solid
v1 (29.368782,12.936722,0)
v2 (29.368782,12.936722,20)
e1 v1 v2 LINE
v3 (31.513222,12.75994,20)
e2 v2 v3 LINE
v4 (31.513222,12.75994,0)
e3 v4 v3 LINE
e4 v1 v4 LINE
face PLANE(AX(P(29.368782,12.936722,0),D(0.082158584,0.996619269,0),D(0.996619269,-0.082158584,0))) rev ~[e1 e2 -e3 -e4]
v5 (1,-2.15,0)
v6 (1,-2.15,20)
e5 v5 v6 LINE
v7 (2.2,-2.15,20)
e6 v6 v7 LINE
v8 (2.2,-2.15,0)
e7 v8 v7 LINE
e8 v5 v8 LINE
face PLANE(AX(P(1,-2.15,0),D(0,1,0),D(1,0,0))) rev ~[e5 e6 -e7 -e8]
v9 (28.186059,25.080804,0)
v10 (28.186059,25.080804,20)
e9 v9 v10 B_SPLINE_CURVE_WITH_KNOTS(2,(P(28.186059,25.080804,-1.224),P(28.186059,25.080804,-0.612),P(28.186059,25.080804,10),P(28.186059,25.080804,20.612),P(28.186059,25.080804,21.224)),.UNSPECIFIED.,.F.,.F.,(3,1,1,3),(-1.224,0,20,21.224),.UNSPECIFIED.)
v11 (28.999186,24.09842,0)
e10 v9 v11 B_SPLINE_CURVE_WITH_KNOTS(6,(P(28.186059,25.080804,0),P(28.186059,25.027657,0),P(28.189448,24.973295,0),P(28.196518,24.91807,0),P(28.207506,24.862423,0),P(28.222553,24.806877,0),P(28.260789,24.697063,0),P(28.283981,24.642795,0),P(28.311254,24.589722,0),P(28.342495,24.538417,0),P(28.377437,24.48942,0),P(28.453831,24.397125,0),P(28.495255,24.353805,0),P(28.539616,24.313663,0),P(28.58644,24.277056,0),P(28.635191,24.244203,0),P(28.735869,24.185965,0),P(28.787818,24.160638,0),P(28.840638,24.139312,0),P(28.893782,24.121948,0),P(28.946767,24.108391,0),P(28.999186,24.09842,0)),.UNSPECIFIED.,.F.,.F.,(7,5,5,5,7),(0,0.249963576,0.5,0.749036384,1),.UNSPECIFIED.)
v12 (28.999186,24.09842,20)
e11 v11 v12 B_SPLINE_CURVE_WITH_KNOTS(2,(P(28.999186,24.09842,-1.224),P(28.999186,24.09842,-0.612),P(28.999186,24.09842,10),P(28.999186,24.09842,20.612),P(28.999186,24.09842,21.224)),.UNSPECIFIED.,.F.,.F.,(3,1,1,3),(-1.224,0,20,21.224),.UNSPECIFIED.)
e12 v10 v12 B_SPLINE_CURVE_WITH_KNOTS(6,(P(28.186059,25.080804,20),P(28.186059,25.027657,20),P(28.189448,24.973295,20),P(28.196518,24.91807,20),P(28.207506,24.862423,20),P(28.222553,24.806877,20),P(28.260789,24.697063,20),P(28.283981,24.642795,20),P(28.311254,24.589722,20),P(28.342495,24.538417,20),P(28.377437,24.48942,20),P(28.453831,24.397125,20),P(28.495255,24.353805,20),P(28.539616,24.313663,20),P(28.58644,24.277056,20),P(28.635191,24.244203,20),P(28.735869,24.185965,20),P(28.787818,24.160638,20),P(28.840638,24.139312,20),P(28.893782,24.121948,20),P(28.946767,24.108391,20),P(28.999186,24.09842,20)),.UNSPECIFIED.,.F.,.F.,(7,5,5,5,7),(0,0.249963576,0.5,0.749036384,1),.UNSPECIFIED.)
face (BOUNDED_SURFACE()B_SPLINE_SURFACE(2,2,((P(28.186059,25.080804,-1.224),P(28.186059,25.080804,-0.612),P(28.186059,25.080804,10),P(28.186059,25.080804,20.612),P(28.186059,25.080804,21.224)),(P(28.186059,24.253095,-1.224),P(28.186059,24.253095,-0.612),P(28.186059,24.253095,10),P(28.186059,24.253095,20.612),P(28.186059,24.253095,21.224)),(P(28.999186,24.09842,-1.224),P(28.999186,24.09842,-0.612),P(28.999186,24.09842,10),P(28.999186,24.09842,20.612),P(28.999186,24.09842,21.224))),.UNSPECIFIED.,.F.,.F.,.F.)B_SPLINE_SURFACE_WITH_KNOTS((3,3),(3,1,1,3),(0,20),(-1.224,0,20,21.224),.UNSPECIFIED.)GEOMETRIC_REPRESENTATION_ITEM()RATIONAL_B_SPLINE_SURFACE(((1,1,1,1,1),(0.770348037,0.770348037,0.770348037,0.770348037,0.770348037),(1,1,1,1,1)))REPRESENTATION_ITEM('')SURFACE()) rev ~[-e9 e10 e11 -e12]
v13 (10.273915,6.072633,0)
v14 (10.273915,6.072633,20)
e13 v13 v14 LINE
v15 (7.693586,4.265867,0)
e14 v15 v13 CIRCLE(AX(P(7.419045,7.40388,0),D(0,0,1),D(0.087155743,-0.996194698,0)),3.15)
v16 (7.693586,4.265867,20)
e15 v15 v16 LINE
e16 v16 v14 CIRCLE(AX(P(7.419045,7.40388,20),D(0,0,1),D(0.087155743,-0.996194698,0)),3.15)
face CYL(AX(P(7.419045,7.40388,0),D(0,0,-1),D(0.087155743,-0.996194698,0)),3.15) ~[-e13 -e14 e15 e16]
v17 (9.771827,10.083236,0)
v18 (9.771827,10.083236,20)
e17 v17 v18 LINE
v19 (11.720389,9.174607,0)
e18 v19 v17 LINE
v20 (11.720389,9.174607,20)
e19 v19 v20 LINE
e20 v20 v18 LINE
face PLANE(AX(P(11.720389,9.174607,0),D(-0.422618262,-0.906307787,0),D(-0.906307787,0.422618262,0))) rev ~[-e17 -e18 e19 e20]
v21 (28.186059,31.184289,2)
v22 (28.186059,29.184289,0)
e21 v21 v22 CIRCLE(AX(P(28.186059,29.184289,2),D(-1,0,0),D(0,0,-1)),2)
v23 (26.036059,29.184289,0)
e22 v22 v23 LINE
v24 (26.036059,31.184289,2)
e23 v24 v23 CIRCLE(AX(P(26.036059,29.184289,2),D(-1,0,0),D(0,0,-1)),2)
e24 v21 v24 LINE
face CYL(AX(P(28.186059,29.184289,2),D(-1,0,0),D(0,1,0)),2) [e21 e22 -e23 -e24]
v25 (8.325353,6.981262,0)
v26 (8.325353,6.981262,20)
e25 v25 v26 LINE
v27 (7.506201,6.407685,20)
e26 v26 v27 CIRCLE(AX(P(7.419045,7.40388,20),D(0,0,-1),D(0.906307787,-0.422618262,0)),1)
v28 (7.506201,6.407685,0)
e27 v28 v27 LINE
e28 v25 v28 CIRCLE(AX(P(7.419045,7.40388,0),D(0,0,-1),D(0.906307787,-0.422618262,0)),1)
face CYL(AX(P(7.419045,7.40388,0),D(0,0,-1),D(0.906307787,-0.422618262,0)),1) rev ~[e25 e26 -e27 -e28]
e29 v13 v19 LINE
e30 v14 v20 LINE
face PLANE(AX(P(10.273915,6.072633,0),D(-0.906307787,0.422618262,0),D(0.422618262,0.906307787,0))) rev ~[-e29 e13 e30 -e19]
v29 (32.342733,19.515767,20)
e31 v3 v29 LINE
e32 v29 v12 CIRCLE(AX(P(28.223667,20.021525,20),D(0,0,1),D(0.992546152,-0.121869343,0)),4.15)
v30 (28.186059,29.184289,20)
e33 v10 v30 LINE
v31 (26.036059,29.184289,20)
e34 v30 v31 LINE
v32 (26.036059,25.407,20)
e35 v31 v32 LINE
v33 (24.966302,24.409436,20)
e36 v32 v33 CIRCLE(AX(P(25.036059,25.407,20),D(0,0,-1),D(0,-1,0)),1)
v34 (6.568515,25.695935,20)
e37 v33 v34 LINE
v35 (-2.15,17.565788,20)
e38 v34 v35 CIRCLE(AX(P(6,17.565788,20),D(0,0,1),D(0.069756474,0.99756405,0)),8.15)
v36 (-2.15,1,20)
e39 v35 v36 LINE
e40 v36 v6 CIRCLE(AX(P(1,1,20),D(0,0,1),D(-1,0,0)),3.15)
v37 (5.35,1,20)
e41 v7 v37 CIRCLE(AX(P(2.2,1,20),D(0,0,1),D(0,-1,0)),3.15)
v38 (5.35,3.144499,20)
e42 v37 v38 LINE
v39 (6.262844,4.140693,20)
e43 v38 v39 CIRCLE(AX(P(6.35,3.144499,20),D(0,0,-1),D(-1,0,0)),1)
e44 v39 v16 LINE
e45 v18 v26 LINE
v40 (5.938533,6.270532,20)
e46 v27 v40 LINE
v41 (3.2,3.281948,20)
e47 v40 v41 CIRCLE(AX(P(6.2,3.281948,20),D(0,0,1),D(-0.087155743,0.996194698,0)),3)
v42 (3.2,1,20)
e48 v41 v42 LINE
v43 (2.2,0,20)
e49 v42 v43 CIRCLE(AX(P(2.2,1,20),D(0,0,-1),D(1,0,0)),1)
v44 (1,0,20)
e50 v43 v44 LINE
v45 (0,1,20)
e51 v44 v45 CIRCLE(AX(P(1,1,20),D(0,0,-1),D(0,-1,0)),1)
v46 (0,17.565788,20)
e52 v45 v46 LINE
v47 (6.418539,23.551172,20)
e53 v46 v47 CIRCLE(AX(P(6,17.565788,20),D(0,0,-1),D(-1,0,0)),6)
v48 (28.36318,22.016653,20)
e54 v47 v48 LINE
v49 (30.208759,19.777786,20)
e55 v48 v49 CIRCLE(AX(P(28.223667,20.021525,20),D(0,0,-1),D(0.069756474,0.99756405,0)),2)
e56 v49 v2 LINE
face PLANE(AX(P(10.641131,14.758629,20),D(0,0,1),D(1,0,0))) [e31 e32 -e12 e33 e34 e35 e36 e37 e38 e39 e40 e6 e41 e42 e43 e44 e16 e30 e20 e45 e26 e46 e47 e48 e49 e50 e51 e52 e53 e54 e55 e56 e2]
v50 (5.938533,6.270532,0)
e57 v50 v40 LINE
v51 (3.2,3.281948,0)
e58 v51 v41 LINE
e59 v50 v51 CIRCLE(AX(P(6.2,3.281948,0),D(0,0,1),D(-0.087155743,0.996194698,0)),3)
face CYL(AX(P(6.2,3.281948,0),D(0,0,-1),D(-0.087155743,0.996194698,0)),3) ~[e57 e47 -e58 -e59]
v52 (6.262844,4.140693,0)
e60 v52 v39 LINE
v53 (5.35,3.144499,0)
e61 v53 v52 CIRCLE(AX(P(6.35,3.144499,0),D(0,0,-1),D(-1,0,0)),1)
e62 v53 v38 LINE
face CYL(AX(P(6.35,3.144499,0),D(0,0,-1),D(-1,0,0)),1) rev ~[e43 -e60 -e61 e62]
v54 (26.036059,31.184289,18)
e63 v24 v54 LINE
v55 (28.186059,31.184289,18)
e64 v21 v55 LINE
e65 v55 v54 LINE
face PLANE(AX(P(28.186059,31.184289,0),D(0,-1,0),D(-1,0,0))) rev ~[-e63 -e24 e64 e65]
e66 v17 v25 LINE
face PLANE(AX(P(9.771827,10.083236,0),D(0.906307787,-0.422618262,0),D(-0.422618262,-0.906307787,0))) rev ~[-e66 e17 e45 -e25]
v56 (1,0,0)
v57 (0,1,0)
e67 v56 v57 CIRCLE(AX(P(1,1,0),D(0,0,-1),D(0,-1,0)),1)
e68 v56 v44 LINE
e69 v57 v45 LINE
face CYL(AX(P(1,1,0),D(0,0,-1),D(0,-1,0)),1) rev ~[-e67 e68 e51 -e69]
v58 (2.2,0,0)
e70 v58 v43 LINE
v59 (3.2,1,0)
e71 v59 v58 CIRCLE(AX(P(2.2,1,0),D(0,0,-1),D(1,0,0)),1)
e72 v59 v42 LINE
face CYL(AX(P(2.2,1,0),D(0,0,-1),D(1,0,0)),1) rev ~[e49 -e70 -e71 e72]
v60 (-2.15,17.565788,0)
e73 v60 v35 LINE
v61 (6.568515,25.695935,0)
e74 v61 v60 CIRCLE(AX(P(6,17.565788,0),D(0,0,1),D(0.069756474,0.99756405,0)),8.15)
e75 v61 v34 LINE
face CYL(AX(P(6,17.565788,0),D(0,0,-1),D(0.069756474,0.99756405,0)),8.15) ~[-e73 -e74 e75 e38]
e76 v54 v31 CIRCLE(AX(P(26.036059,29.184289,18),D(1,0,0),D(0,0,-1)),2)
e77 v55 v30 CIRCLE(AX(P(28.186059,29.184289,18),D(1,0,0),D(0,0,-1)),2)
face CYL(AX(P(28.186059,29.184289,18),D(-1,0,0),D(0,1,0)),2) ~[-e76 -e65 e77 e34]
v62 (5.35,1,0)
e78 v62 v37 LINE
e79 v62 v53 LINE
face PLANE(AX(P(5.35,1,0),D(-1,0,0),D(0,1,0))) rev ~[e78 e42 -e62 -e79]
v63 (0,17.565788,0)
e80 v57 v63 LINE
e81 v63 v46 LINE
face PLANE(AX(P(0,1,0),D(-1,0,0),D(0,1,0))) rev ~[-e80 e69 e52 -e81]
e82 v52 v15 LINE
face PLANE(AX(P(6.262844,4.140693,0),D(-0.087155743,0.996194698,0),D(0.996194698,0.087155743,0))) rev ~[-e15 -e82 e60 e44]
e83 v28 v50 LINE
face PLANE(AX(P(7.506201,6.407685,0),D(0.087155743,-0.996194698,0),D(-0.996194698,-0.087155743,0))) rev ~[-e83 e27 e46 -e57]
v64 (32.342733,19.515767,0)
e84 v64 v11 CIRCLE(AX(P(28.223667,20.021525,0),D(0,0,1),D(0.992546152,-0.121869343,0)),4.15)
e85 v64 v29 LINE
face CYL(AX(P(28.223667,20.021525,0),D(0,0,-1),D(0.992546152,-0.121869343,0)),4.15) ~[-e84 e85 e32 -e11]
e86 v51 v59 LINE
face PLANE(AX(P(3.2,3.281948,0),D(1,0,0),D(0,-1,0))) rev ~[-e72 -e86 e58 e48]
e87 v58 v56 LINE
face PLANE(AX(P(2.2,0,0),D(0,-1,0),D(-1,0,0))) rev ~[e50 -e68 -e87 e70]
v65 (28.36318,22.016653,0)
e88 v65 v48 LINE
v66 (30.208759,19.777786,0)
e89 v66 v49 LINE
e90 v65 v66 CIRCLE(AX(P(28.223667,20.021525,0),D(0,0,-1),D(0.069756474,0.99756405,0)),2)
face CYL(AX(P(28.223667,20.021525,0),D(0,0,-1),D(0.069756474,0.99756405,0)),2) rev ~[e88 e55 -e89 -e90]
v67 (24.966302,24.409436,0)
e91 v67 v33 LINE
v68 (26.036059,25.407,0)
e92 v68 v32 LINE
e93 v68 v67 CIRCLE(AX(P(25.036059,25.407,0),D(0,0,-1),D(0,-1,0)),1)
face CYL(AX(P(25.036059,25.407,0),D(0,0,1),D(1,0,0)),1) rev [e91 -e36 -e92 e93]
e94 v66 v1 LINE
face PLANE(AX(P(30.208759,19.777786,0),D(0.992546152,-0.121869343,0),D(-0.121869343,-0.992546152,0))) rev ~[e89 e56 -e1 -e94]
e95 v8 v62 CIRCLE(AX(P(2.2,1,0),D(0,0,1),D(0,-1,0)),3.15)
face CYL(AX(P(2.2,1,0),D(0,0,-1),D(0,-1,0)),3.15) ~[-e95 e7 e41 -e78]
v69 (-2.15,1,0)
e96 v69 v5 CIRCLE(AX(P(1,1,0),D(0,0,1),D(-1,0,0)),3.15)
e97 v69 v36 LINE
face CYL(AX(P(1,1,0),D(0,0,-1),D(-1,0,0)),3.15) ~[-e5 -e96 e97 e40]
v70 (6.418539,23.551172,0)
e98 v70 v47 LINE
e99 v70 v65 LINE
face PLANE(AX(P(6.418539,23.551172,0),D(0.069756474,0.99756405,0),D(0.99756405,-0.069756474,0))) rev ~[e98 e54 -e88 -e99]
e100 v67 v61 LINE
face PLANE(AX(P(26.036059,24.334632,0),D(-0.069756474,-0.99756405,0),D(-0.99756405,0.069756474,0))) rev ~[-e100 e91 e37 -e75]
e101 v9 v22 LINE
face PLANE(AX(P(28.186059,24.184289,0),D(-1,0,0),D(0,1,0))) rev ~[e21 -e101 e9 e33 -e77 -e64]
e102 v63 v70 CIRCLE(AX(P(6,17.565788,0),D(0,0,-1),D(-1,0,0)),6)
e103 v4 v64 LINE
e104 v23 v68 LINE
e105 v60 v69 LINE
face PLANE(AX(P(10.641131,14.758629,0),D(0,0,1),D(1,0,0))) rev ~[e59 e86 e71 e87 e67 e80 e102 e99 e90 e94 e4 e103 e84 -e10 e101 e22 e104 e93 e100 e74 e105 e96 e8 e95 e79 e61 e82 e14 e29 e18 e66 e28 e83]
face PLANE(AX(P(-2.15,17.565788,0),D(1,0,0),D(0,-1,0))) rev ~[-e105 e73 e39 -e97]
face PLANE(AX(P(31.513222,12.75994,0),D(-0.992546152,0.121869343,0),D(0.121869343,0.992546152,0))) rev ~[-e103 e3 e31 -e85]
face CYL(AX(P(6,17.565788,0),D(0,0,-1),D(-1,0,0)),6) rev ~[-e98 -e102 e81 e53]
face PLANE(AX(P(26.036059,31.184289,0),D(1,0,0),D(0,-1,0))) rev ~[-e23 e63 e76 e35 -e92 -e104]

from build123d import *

# Parameters (mm, degrees)
F1_DEPTH = 20
F2_R     = 2
F3_R     = 1


with BuildPart() as f1:
    # F0 (on Top) → F1 (new body)
    with BuildSketch(Plane.XY):
        with BuildLine():
            ThreePointArc((1, 0), (0.2928932188, 0.2928932188), (0, 1))
            Line((0, 1), (0, 17.5657877399))
            ThreePointArc((0, 17.5657877399), (1.9080098396, 21.9539099496), (6.4185388425, 23.5511720414))
            Line((6.4185388425, 23.5511720414), (28.3631797552, 22.0166532631))
            ThreePointArc((28.3631797552, 22.0166532631), (29.7669159745, 21.2936816032), (30.208759111, 19.7777864758))
            Line((30.208759111, 19.7777864758), (29.3687820043, 12.9367219271))
            Line((29.3687820043, 12.9367219271), (31.5132220522, 12.7599401181))
            Line((31.5132220522, 12.7599401181), (32.342733337, 19.5157673875))
            ThreePointArc((32.342733337, 19.5157673875), (31.4259088288, 22.6612497768), (28.5131561738, 24.1614159712))
            Line((28.5131561738, 24.1614159712), (28.1860586203, 24.1842888603))
            Line((28.1860586203, 24.1842888603), (26.0360586203, 24.1842888603))
            Line((26.0360586203, 24.1842888603), (26.0360586203, 24.334631506))
            Line((26.0360586203, 24.334631506), (6.568515261, 25.6959347495))
            ThreePointArc((6.568515261, 25.6959347495), (0.4417133655, 23.526320408), (-2.15, 17.5657877399))
            Line((-2.15, 17.5657877399), (-2.15, 1))
            ThreePointArc((-2.15, 1), (-1.2273863607, -1.2273863607), (1, -2.15))
            Line((1, -2.15), (2.2, -2.15))
            ThreePointArc((2.2, -2.15), (4.4273863607, -1.2273863607), (5.35, 1))
            Line((5.35, 1), (5.35, 3.1444985108))
            ThreePointArc((5.35, 3.1444985108), (5.6127226632, 3.8200887184), (6.2628442573, 4.1406932089))
            Line((6.2628442573, 4.1406932089), (7.6935855904, 4.2658668559))
            ThreePointArc((7.6935855904, 4.2658668559), (9.2258107753, 4.8235512154), (10.27391453, 6.0726326305))
            Line((10.27391453, 6.0726326305), (11.7203888097, 9.1746067338))
            Line((11.7203888097, 9.1746067338), (9.7718270676, 10.0832359965))
            Line((9.7718270676, 10.0832359965), (8.3253527878, 6.9812618932))
            ThreePointArc((8.3253527878, 6.9812618932), (7.9926214371, 6.5847281106), (7.5062007435, 6.4076854568))
            Line((7.5062007435, 6.4076854568), (5.9385327718, 6.2705322811))
            ThreePointArc((5.9385327718, 6.2705322811), (3.9881679896, 5.3087188097), (3.2, 3.2819481869))
            Line((3.2, 3.2819481869), (3.2, 1))
            ThreePointArc((3.2, 1), (2.9071067812, 0.2928932188), (2.2, 0))
            Line((2.2, 0), (1, 0))
        make_face()
        Polygon((26.0360586203, 24.1842888603), (28.1860586203, 24.1842888603), (26.0360586203, 24.334631506), align=None)
        Polygon((26.0360586203, 24.334631506), (28.1860586203, 24.1842888603), (28.1860586203, 31.1842888603), (26.0360586203, 31.1842888603), align=None)
    extrude(amount=F1_DEPTH)

    # F2
    f2_edges = [f1.edges().sort_by_distance(p)[0] for p in [
        (27.111059, 31.184289, 20),
        (27.111059, 31.184289, 0),
    ]]
    fillet(f2_edges, radius=F2_R)

    # F3
    f3_edges = [f1.edges().sort_by_distance(p)[0] for p in [
        (26.036059, 24.334632, 10),
        (28.186059, 24.184289, 10),
    ]]
    fillet(f3_edges, radius=F3_R)


solid = f1.part
